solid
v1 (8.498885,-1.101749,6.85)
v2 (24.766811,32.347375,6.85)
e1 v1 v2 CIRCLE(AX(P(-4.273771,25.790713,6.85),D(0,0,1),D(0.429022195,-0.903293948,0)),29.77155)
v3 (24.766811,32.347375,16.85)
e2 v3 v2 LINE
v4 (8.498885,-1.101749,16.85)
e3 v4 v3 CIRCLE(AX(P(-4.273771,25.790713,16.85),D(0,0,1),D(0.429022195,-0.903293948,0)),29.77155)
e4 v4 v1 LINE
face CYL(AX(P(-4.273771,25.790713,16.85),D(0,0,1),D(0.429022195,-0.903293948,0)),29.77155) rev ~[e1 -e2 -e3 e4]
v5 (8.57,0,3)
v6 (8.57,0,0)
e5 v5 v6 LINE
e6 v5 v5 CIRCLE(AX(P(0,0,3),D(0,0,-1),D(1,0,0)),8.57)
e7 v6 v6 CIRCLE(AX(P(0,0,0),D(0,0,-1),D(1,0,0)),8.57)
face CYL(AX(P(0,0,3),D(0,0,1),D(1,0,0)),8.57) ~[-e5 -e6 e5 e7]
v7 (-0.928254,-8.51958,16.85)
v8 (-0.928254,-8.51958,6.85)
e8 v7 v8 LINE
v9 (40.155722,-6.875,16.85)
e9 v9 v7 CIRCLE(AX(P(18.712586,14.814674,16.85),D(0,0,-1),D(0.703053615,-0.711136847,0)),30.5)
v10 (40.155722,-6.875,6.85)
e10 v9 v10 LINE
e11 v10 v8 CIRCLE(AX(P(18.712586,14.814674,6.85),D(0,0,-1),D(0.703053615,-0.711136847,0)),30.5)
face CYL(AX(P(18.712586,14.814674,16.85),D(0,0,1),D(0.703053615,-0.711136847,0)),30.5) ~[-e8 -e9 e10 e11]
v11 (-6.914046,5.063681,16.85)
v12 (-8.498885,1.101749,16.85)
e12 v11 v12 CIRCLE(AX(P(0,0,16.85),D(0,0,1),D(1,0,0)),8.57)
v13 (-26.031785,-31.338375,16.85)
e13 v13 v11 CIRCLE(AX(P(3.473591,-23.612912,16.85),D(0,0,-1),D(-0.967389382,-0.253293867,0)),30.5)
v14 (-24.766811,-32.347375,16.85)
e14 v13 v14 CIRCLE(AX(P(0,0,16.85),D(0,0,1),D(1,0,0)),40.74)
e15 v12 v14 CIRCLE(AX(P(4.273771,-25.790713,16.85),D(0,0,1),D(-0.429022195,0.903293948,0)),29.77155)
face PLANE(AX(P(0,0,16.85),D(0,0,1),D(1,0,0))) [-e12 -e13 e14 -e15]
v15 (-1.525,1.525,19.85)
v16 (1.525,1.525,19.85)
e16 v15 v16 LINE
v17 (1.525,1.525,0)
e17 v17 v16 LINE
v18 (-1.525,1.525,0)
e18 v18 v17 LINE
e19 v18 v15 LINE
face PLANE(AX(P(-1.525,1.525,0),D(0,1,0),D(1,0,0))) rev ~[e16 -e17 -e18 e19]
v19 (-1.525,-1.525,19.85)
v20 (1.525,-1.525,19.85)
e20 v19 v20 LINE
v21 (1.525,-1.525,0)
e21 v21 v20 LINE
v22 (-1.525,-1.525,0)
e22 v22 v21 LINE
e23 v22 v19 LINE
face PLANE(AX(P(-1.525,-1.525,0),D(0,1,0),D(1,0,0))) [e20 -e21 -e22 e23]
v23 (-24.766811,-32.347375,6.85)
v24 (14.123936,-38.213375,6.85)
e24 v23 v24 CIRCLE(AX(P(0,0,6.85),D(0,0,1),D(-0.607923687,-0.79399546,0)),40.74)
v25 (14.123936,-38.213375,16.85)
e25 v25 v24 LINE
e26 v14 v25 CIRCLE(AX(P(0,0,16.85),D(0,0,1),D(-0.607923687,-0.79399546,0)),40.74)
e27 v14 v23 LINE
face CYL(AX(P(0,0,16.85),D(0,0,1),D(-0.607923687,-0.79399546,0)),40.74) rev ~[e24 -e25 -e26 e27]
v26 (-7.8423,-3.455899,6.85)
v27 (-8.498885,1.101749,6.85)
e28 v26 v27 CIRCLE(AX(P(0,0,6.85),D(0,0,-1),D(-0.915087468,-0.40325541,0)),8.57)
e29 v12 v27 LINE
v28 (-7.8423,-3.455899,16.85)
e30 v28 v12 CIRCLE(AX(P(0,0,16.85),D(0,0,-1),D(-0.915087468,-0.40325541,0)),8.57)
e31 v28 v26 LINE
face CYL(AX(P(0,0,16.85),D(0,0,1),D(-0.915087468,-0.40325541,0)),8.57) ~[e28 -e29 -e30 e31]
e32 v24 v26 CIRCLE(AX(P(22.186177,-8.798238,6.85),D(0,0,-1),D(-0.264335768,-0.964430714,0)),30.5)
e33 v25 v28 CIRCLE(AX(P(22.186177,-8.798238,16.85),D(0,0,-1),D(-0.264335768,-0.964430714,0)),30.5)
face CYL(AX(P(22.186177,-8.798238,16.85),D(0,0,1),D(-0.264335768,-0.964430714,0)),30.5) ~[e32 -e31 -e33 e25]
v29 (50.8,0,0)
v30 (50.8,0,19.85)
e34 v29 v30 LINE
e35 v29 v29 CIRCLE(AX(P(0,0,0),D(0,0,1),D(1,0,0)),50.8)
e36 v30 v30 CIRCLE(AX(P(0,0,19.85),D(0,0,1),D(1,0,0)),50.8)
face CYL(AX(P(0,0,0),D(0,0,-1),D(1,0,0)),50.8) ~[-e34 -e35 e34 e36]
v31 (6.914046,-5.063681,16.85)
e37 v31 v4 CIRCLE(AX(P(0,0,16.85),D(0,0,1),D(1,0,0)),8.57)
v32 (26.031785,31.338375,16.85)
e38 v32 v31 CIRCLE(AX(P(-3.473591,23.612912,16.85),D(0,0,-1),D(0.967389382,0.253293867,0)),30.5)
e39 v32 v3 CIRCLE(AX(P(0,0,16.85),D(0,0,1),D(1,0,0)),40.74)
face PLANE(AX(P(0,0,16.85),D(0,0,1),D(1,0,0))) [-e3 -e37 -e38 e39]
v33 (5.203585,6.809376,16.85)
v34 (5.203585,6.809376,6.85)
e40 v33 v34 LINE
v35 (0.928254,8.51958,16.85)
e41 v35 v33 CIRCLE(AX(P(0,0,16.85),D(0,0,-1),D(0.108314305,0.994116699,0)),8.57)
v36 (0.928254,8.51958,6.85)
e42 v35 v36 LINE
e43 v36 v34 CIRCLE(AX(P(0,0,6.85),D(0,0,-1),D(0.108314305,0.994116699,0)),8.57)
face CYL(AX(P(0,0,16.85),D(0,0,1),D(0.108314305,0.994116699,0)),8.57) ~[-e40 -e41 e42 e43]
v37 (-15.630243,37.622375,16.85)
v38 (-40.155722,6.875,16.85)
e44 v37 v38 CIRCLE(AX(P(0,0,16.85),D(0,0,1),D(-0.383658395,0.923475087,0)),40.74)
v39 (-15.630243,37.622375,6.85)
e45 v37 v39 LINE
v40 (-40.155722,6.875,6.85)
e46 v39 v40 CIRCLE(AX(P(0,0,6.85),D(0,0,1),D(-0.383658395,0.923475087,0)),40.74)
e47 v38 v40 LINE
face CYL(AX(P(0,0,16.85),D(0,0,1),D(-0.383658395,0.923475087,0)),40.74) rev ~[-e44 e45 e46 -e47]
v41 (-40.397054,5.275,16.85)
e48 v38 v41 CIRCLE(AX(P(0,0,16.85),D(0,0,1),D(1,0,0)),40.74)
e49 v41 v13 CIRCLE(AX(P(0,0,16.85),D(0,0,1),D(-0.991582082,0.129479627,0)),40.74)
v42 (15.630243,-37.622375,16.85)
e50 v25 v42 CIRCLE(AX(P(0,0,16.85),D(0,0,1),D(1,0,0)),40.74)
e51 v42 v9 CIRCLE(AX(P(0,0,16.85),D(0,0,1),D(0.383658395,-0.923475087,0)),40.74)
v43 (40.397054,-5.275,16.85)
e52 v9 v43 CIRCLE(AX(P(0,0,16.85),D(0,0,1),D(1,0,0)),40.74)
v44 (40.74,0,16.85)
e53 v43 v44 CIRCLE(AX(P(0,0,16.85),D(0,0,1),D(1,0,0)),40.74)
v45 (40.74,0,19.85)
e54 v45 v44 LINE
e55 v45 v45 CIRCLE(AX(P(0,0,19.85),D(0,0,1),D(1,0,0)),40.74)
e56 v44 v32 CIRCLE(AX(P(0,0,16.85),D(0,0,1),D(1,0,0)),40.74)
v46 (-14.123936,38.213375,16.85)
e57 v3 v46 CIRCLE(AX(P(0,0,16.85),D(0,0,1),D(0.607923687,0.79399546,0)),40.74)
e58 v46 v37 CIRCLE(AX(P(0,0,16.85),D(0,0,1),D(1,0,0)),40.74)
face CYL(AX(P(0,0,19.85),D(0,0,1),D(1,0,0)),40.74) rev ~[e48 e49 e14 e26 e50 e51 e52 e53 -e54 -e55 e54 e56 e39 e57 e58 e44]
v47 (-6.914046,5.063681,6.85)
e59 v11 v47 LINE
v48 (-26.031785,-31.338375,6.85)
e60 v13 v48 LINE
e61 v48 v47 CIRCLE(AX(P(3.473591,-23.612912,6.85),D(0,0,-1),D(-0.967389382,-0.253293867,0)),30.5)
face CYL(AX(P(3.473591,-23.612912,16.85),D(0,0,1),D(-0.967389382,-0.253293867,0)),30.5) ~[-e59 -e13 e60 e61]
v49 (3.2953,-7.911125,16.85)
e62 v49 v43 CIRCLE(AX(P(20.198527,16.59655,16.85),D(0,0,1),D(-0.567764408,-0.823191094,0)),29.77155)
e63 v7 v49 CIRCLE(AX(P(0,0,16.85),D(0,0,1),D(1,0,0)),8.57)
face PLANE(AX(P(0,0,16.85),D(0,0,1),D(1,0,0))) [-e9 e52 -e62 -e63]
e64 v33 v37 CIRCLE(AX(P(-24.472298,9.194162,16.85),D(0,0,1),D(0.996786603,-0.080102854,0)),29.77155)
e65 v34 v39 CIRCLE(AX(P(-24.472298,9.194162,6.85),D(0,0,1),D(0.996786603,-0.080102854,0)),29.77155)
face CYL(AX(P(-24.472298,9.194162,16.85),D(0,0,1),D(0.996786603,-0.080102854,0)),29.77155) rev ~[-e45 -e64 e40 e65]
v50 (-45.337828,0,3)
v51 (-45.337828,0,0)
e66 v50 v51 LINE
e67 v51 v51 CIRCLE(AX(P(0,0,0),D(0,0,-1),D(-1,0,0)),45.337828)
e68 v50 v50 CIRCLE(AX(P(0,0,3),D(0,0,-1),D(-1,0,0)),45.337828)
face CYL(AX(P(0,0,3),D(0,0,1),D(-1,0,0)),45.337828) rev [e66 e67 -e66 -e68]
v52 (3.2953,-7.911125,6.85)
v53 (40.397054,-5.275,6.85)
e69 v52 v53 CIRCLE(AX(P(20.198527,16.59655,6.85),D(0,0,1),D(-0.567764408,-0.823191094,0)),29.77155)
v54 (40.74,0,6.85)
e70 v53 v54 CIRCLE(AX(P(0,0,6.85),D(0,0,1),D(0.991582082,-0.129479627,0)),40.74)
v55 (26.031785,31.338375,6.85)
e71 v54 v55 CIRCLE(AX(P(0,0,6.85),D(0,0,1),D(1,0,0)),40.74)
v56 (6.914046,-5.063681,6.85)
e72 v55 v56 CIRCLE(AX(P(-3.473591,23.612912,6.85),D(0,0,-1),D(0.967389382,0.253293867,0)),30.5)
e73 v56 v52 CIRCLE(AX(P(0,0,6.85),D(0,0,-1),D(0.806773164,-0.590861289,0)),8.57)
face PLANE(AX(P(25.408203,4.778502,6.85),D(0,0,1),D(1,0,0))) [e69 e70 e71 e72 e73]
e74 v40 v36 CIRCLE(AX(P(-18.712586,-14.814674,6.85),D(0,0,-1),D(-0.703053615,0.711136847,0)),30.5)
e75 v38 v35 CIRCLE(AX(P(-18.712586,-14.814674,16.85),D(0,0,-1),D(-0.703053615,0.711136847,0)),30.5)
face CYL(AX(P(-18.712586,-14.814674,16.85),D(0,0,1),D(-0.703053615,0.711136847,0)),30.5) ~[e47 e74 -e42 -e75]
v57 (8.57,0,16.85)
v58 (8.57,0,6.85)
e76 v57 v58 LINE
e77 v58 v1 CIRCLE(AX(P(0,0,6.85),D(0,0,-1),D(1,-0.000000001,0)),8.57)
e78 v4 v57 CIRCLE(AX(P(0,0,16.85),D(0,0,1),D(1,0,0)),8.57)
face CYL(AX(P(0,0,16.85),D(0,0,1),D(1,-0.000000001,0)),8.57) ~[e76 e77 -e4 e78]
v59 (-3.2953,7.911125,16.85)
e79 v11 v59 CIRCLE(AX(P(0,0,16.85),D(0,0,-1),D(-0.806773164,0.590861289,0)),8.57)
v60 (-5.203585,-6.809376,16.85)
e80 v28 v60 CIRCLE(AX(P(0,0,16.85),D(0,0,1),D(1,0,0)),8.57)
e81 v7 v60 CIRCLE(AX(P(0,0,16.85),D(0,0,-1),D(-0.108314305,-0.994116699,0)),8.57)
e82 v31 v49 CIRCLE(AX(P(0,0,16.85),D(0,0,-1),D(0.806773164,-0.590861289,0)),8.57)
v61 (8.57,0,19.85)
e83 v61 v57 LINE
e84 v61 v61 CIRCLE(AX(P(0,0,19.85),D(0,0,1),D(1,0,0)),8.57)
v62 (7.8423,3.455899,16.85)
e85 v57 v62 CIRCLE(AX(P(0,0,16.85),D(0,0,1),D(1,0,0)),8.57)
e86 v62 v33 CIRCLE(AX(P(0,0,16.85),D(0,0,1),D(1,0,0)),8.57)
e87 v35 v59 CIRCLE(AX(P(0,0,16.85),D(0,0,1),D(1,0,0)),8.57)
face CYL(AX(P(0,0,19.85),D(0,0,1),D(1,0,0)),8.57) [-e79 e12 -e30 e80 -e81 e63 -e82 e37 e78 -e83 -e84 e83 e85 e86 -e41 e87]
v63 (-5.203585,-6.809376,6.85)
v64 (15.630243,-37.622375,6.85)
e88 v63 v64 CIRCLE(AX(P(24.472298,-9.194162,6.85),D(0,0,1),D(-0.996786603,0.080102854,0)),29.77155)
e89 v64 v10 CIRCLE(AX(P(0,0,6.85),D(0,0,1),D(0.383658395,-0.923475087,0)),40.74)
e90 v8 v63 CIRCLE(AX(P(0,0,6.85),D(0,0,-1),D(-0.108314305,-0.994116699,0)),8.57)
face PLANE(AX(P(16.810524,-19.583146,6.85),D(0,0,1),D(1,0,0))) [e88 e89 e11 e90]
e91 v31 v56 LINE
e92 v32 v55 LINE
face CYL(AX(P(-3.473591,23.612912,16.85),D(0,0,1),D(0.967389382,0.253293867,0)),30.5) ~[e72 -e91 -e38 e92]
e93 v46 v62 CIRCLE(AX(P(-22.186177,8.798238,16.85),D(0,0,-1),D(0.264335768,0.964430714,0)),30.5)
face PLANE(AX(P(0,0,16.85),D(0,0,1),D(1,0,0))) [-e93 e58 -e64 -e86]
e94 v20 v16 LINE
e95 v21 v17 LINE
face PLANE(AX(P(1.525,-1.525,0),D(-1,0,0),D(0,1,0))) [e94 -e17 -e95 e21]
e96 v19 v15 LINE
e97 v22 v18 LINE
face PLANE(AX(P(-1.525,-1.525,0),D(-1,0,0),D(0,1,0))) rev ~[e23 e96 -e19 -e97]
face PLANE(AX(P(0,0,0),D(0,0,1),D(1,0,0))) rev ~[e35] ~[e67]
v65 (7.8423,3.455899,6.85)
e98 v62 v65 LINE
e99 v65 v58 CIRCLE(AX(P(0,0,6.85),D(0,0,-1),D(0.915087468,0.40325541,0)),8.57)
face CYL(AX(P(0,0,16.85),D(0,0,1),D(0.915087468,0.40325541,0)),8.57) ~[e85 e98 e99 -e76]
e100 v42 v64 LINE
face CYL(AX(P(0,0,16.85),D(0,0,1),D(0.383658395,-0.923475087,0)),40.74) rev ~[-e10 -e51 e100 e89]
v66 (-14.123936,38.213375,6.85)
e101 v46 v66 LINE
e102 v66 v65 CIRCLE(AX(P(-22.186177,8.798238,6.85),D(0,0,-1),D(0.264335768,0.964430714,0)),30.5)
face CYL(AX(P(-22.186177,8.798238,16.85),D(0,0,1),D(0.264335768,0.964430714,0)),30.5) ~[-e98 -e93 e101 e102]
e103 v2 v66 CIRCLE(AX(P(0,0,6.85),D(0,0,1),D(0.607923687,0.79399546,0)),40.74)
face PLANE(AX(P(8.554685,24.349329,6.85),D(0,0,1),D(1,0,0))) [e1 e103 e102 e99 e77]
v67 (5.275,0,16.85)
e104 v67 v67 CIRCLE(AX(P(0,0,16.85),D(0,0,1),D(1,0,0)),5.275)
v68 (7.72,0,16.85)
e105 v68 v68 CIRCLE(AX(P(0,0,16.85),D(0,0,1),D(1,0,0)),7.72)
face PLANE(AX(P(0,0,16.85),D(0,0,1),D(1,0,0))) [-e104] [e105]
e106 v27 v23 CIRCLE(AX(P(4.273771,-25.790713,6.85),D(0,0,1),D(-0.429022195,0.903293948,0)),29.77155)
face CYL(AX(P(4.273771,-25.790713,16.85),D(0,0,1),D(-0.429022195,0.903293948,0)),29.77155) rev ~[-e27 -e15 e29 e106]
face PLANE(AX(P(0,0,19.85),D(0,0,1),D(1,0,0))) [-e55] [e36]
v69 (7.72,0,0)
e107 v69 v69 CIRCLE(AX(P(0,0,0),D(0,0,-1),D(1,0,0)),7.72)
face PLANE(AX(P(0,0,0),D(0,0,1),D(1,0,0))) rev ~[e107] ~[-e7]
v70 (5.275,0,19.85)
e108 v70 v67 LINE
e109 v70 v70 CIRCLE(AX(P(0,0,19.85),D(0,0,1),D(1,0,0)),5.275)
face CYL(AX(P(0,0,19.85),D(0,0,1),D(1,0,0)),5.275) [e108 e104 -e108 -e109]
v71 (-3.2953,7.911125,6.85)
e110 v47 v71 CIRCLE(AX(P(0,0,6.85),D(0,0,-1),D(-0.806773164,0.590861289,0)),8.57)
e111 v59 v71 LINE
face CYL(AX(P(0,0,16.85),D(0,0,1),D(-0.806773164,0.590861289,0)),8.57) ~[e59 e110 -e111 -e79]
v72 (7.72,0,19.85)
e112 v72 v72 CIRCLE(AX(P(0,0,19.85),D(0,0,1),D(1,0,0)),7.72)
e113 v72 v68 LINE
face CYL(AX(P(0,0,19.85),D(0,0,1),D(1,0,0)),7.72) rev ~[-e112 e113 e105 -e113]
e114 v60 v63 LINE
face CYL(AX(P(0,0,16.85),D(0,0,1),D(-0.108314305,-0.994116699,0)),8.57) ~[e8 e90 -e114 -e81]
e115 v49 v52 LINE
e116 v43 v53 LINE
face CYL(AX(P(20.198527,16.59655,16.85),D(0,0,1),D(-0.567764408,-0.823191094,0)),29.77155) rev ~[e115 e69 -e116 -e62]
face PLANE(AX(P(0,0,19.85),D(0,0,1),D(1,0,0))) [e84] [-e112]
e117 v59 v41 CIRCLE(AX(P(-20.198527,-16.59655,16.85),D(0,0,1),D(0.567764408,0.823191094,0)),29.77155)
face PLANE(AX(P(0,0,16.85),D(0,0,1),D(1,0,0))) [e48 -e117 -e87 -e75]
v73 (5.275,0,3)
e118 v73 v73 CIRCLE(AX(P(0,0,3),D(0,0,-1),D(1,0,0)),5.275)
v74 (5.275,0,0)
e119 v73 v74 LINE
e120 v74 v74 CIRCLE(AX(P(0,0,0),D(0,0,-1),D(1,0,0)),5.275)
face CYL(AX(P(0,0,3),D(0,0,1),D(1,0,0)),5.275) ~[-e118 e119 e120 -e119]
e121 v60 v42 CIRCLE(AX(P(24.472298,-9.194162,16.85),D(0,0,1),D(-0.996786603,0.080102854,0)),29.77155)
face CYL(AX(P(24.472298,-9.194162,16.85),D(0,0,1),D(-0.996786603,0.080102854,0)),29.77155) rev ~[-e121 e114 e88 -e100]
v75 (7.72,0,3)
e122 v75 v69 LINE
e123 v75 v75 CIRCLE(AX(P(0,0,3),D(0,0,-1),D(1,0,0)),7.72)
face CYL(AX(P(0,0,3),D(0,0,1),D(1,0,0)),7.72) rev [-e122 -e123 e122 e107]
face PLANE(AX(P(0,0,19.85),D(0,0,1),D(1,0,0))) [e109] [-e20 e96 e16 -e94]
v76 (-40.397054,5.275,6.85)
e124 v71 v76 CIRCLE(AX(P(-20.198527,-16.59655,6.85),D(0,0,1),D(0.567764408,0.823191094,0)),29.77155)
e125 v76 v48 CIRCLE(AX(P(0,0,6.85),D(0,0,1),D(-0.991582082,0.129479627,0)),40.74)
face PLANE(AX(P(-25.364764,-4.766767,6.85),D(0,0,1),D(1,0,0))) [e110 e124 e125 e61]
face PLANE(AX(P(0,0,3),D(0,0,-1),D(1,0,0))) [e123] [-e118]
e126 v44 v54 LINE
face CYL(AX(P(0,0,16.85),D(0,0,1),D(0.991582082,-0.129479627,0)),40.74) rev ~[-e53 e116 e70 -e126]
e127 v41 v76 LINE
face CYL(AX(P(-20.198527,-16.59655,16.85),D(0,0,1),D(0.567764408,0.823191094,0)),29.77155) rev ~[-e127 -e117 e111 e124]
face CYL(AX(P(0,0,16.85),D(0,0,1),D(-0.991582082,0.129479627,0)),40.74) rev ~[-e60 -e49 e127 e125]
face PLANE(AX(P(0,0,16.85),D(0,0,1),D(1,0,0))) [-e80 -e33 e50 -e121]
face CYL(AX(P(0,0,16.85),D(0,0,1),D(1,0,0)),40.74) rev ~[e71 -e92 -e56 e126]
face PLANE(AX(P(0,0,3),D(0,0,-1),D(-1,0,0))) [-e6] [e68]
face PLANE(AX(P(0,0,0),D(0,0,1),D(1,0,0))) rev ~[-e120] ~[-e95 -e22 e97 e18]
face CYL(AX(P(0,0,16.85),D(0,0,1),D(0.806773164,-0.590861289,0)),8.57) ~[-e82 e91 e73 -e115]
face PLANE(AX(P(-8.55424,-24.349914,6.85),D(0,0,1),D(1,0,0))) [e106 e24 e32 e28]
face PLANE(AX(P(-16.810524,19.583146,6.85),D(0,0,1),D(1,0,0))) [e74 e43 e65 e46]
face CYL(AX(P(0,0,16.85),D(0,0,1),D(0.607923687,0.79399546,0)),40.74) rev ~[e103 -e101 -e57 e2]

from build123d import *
from build123d.topology import SkipClean

# Parameters (mm, degrees)
SKETCH1_R           = 50.8
SKETCH1_R_2         = 8.57
SKETCH1_R_3         = 7.72
SKETCH1_R_4         = 5.275
SKETCH1_W           = 3.05
SKETCH1_H           = 3.05
BOSS_EXTRUDE1_DEPTH = 19.85
SKETCH2_R           = 7.72
SKETCH2_R_2         = 5.275
CUT_EXTRUDE1_DEPTH  = 3
SKETCH3_R           = 40.74
SKETCH3_R_2         = 8.57
CUT_EXTRUDE2_DEPTH  = 3
CUT_EXTRUDE3_START  = -3
SKETCH4_R           = 45.337827748
SKETCH4_R_2         = 8.57
SKETCH4_R_3         = 7.72
SKETCH4_R_4         = 5.275
CUT_EXTRUDE3_DEPTH  = 3
CUT_EXTRUDE4_DEPTH  = 10


with BuildPart() as part:
    # Sketch1 → Boss-Extrude1 (new body)
    # profile 1 of 4: a face of its own
    with BuildSketch(Plane.XY):
        Circle(SKETCH1_R)
        Circle(SKETCH1_R_2, mode=Mode.SUBTRACT)
    # profile 2 of 4: a face of its own
    with BuildSketch(Plane.XY):
        Circle(SKETCH1_R_2)
        Circle(SKETCH1_R_3, mode=Mode.SUBTRACT)
    # profile 3 of 4: a face of its own
    with BuildSketch(Plane.XY):
        Circle(SKETCH1_R_3)
        Circle(SKETCH1_R_4, mode=Mode.SUBTRACT)
    # profile 4 of 4: a face of its own
    with BuildSketch(Plane.XY):
        Circle(SKETCH1_R_4)
        Rectangle(SKETCH1_W, SKETCH1_H, mode=Mode.SUBTRACT)
    extrude(amount=BOSS_EXTRUDE1_DEPTH)

    # Sketch2 → Cut-Extrude1 (cut)
    with BuildSketch(Plane.XY.offset(19.85)):
        Circle(SKETCH2_R)
        Circle(SKETCH2_R_2, mode=Mode.SUBTRACT)
    extrude(amount=-CUT_EXTRUDE1_DEPTH, mode=Mode.SUBTRACT)

    # Sketch3 → Cut-Extrude2 (cut)
    with BuildSketch(Plane.XY.offset(19.85)):
        Circle(SKETCH3_R)
        Circle(SKETCH3_R_2, mode=Mode.SUBTRACT)
    extrude(amount=-CUT_EXTRUDE2_DEPTH, mode=Mode.SUBTRACT)

    # Sketch4 → Cut-Extrude3 (cut)
    # profile 1 of 2: a face of its own
    with BuildSketch(Plane(origin=(0, 0, 0), x_dir=(-1, 0, 0), z_dir=(0, 0, -1)).offset(CUT_EXTRUDE3_START)):
        Circle(SKETCH4_R)
        with Locations(Location((0, 0, 0), (0, 0, 180))):
            Circle(SKETCH4_R_2, mode=Mode.SUBTRACT)
    # profile 2 of 2: a face of its own
    with BuildSketch(Plane(origin=(0, 0, 0), x_dir=(-1, 0, 0), z_dir=(0, 0, -1)).offset(CUT_EXTRUDE3_START)):
        with Locations(Location((0, 0, 0), (0, 0, 180))):
            Circle(SKETCH4_R_3)
        with Locations(Location((0, 0, 0), (0, 0, 180))):
            Circle(SKETCH4_R_4, mode=Mode.SUBTRACT)
    extrude(amount=CUT_EXTRUDE3_DEPTH, mode=Mode.SUBTRACT)

    # Sketch5 → Cut-Extrude4 (cut)
    with SkipClean():  # the faces are left unmerged after this step: merging them gives an invalid solid
        with BuildSketch(Plane.XY.offset(16.85)):
            with BuildLine():
                ThreePointArc((-40.155721572, 6.875), (-19.932515852, 15.660919221), (0.928253594, 8.519580111))
                ThreePointArc((0.928253594, 8.519580111), (3.182932587, 7.956999444), (5.20358481, 6.809376265))
                ThreePointArc((5.20358481, 6.809376265), (0.190794067, 25.869806658), (-15.630243014, 37.622375036))
                ThreePointArc((-15.630243014, 37.622375036), (-31.849155862, 25.404308117), (-40.155721572, 6.875))
            make_face()
            with BuildLine():
                ThreePointArc((-14.123936135, 38.213374989), (3.596495966, 25.0925247), (7.842299603, 3.455898861))
                ThreePointArc((7.842299603, 3.455898861), (8.386101824, 1.7658415), (8.57, 0))
                ThreePointArc((8.57, 0), (8.552202829, -0.552020624), (8.498885235, -1.101748504))
                ThreePointArc((8.498885235, -1.101748504), (22.499306791, 12.76967082), (24.766811024, 32.347375036))
                ThreePointArc((24.766811024, 32.347375036), (6.076198264, 40.284332124), (-14.123936135, 38.213374989))
            make_face()
            with BuildLine():
                ThreePointArc((6.914046008, -5.063681249), (5.299497363, -6.735000201), (3.295300425, -7.911124769))
                ThreePointArc((3.295300425, -7.911124769), (22.308512723, -13.100135838), (40.397054039, -5.275))
                ThreePointArc((40.397054039, -5.275), (40.654173104, -2.643068148), (40.74, 0))
                ThreePointArc((40.74, 0), (36.880093131, 17.30914009), (26.031785437, 31.338374989))
                ThreePointArc((26.031785437, 31.338374989), (23.529011818, 9.431605478), (6.914046008, -5.063681249))
            make_face()
            with BuildLine():
                ThreePointArc((-0.928253594, -8.519580111), (-3.182932587, -7.956999444), (-5.20358481, -6.809376265))
                ThreePointArc((-5.20358481, -6.809376265), (-0.190794067, -25.869806658), (15.630243014, -37.622375036))
                ThreePointArc((15.630243014, -37.622375036), (31.849155862, -25.404308117), (40.155721572, -6.875))
                ThreePointArc((40.155721572, -6.875), (19.932515852, -15.660919221), (-0.928253594, -8.519580111))
            make_face()
            with BuildLine():
                ThreePointArc((-7.842299603, -3.455898861), (-8.48242995, -1.221999243), (-8.498885235, 1.101748504))
                ThreePointArc((-8.498885235, 1.101748504), (-22.499306791, -12.76967082), (-24.766811024, -32.347375036))
                ThreePointArc((-24.766811024, -32.347375036), (-6.076198264, -40.284332124), (14.123936135, -38.213374989))
                ThreePointArc((14.123936135, -38.213374989), (-3.596495966, -25.0925247), (-7.842299603, -3.455898861))
            make_face()
            with BuildLine():
                ThreePointArc((-6.914046008, 5.063681249), (-5.299497363, 6.735000201), (-3.295300425, 7.911124769))
                ThreePointArc((-3.295300425, 7.911124769), (-22.308512723, 13.100135838), (-40.397054039, 5.275))
                ThreePointArc((-40.397054039, 5.275), (-37.925354126, -14.880024007), (-26.031785437, -31.338374989))
                ThreePointArc((-26.031785437, -31.338374989), (-23.529011818, -9.431605478), (-6.914046008, 5.063681249))
            make_face()
        extrude(amount=-CUT_EXTRUDE4_DEPTH, mode=Mode.SUBTRACT)


solid = part.part
